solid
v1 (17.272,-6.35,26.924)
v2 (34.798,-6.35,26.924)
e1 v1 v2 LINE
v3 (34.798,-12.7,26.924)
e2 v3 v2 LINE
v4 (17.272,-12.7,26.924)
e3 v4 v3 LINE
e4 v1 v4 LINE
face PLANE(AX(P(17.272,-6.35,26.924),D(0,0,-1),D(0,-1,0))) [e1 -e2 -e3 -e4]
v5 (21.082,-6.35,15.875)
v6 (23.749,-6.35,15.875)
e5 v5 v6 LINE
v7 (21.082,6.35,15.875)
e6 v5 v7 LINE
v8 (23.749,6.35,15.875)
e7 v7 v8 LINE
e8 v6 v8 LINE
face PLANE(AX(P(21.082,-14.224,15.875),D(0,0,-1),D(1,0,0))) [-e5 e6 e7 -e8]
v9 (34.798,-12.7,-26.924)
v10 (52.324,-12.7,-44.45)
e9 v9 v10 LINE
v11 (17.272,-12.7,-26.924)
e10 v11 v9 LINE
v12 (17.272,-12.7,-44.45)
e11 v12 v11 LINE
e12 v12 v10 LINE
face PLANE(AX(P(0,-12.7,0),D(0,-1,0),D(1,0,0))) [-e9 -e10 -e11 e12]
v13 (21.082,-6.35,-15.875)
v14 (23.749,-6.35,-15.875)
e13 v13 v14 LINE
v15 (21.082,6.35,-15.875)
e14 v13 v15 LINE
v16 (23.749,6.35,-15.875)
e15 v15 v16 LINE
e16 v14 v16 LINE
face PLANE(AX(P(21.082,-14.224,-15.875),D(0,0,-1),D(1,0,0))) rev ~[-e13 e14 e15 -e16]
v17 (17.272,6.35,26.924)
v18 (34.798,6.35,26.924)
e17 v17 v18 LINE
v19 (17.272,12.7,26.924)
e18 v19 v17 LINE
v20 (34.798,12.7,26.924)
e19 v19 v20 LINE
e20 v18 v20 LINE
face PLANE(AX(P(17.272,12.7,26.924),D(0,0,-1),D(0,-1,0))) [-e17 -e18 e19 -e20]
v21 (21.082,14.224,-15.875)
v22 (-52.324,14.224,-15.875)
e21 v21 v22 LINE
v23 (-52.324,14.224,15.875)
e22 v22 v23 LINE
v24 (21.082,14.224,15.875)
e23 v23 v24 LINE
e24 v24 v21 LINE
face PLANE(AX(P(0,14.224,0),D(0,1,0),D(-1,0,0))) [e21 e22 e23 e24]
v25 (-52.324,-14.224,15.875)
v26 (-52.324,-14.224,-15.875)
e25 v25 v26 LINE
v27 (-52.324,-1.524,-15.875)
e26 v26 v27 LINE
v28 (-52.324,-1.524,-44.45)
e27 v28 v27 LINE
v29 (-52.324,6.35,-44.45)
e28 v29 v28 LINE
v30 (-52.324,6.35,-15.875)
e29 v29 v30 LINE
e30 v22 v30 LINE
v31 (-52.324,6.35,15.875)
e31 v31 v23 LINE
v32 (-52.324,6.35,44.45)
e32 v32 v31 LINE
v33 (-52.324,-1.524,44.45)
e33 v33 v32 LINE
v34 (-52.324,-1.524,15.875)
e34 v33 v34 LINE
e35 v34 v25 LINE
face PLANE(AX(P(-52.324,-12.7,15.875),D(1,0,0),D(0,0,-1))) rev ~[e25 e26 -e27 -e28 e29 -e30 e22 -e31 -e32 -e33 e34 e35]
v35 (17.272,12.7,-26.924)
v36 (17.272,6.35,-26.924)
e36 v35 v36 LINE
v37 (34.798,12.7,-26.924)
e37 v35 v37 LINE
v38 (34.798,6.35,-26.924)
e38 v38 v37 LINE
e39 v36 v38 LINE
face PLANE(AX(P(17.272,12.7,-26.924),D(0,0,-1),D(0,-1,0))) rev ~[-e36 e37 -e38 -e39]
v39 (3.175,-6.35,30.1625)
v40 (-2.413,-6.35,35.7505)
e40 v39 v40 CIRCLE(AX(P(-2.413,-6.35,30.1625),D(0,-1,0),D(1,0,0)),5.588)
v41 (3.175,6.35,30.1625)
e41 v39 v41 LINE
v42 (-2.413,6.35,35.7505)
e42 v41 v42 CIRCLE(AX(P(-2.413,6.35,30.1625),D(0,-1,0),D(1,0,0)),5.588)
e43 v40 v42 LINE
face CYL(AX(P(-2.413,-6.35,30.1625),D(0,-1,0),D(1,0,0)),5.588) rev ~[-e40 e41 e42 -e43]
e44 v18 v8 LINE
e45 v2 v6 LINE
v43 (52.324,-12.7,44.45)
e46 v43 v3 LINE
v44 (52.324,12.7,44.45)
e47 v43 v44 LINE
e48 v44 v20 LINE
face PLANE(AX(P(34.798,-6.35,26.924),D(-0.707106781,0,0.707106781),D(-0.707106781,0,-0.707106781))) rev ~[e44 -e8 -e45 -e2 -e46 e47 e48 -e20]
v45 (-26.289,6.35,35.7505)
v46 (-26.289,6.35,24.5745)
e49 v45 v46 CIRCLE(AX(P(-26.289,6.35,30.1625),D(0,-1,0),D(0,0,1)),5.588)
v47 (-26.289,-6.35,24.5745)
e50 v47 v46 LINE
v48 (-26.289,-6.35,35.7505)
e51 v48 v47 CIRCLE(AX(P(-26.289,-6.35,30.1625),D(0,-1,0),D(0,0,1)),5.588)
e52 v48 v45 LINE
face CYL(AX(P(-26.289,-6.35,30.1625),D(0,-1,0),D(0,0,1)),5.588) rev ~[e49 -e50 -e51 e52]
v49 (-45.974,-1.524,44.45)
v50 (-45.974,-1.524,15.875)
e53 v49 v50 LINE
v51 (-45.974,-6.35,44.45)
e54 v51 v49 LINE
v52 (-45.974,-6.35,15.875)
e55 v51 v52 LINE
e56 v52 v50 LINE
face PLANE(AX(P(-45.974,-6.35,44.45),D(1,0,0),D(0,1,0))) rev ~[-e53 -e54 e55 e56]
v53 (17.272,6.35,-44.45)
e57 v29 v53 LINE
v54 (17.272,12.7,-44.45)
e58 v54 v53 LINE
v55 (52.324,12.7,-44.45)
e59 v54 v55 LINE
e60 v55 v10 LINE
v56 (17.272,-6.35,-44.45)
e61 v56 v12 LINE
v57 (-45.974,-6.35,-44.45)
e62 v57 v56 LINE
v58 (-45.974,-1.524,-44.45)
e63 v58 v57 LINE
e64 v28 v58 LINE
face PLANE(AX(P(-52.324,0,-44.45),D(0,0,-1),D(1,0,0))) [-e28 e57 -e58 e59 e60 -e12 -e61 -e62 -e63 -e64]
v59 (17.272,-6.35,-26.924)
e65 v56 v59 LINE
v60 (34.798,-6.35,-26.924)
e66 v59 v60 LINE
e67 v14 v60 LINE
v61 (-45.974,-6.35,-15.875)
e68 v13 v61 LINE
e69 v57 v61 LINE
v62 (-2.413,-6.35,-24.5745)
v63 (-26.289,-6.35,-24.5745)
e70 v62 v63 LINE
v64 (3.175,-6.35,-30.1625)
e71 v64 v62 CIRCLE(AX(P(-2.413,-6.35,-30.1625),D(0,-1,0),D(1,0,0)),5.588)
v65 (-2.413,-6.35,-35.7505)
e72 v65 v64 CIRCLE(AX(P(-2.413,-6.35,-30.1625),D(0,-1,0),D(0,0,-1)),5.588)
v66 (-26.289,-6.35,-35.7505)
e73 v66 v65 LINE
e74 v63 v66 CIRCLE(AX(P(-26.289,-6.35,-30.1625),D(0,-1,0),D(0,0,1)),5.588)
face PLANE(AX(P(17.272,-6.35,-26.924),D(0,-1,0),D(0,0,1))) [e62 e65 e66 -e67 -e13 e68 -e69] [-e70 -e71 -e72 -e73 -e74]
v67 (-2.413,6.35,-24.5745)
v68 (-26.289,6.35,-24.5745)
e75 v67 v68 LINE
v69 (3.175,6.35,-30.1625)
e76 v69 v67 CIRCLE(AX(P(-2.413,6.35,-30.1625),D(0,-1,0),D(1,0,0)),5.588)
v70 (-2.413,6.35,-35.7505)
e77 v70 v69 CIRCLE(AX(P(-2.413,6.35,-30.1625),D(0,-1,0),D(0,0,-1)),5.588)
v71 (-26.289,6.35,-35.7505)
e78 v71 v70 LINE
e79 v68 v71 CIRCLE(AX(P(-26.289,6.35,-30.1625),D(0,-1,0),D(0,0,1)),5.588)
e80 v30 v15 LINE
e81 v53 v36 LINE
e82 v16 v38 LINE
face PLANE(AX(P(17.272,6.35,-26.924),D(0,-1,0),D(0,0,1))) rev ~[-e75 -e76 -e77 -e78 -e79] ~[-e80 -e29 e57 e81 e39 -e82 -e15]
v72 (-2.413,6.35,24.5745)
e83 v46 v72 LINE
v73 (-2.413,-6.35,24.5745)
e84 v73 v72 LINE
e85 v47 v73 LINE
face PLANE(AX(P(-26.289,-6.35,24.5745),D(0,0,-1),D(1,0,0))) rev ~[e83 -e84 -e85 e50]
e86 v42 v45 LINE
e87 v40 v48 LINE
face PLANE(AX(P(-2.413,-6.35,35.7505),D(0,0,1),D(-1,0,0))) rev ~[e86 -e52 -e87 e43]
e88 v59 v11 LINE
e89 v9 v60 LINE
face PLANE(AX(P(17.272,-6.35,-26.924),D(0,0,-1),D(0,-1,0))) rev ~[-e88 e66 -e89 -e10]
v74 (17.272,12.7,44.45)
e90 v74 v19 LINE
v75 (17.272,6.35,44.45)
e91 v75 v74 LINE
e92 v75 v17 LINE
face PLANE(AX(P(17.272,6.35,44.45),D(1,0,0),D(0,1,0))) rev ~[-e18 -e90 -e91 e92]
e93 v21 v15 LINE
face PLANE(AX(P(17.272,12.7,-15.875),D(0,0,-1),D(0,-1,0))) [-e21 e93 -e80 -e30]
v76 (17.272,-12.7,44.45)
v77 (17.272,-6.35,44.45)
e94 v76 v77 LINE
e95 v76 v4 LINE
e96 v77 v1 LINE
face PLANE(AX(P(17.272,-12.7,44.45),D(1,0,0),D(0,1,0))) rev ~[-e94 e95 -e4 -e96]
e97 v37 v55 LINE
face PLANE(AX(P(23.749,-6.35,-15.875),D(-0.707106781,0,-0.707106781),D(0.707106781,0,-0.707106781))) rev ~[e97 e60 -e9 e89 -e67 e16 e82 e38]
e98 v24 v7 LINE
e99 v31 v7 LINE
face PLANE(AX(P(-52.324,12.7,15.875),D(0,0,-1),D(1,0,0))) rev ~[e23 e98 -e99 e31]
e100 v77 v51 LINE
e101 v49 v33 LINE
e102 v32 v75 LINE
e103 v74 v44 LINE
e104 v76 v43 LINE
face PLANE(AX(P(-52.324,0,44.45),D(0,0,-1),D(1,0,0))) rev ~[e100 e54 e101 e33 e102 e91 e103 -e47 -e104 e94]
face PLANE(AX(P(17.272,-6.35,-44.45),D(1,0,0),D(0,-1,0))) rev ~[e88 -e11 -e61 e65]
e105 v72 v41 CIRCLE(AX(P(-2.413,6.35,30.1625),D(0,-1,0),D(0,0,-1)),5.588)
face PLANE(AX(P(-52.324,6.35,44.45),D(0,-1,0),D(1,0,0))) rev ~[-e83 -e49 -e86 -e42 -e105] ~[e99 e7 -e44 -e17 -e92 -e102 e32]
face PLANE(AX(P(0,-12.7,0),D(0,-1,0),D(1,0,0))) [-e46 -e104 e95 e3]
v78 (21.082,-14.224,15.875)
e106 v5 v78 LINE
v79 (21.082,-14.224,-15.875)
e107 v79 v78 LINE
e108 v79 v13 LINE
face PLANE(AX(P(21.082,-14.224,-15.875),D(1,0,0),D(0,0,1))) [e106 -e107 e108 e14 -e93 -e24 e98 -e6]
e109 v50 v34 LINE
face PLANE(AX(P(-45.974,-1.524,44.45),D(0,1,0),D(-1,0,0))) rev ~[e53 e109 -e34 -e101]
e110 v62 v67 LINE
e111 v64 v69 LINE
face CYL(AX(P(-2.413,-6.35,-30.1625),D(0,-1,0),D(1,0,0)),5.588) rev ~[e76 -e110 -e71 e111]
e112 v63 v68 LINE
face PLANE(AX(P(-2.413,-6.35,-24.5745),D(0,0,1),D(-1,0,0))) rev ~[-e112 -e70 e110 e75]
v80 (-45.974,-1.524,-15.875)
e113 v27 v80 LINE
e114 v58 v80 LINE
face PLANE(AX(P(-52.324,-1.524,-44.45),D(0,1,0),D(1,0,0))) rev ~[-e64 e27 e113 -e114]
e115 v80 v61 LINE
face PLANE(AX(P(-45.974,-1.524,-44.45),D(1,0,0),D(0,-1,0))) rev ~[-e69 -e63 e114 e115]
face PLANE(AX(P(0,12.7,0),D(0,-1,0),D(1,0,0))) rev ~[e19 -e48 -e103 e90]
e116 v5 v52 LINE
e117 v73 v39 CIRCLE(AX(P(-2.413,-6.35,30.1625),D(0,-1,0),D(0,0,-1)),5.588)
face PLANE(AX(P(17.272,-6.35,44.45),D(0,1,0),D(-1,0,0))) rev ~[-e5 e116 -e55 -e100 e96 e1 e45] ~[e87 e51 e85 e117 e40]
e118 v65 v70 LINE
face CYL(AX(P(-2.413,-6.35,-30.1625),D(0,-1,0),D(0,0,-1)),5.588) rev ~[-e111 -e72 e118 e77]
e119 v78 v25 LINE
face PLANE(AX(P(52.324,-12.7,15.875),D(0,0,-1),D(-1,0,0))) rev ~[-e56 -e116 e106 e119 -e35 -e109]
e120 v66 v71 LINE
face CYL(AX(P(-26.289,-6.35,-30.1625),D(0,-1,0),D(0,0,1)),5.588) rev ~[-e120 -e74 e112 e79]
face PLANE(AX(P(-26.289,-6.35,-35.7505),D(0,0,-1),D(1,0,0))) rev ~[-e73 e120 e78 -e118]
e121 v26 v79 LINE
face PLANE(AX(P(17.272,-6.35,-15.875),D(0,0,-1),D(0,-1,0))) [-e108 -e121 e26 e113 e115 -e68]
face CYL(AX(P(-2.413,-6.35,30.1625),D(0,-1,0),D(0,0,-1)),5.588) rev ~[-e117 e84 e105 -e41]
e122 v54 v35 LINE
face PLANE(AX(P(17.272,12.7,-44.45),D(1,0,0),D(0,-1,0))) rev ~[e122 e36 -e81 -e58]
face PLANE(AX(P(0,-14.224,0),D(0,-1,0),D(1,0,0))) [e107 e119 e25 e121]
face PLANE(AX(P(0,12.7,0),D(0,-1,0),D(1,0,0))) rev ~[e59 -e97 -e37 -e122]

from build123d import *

# Parameters (mm, degrees)
F0_W      = 104.648
F0_H      = 88.9
F1_DEPTH  = 12.7
F2_W      = 69.596
F2_H      = 6.35
F3_DEPTH  = 28.575
F4_W      = 69.596
F4_H      = 6.35
F5_DEPTH  = 28.575
F10_DEPTH = 1.524
F11_W     = 31.242
F11_H     = 31.75
F12_DEPTH = 28.449
F14_W     = 6.35
F14_H     = 11.049
F15_DEPTH = 35.053
F17_W     = 6.35
F17_H     = 11.049
F20_DEPTH = 35.053
F19_W     = 6.35
F19_H     = 11.049
F21_DEPTH = 35.053
F22_W     = 6.35
F22_H     = 11.049
F23_DEPTH = 35.053
F25_DEPTH = 26.925
F27_DEPTH = 20.575
F29_DEPTH = 20.575


with BuildPart() as f1:
    # F0 (on Front) → F1 (new body, symmetric)
    with BuildSketch(Plane.XZ):
        Rectangle(F0_W, F0_H)
    extrude(amount=F1_DEPTH, both=True)

    # F2 (on face) → F3 (cut)
    with BuildSketch(Plane.XY.offset(44.45)):
        with Locations((-17.526, 9.525)):
            Rectangle(F2_W, F2_H)
        Polygon((-45.974, -1.524), (-52.324, -1.524), (-52.324, -12.7), (17.272, -12.7), (17.272, -6.35), (-45.974, -6.35), align=None)
    extrude(amount=-F3_DEPTH, mode=Mode.SUBTRACT)

    # F4 (on face) → F5 (cut)
    with BuildSketch(Plane(origin=(0, 0, -44.45), x_dir=(1, 0, 0), z_dir=(0, 0, -1))):
        Polygon((-45.974, 6.35), (17.272, 6.35), (17.272, 12.7), (-52.324, 12.7), (-52.324, 1.524), (-45.974, 1.524), align=None)
        with Locations((-17.526, -9.525)):
            Rectangle(F4_W, F4_H)
    extrude(amount=-F5_DEPTH, mode=Mode.SUBTRACT)

    # F9 (on face) + F7 (on face) → F10 (join, symmetric)
    with BuildSketch(Plane(origin=(0, 12.7, 0), x_dir=(-1, 0, 0), z_dir=(0, 1, 0))):
        Polygon((52.324, 15.875), (-17.272, 15.875), (-52.324, 15.875), (-52.324, -15.875), (-17.272, -15.875), (52.324, -15.875), align=None)
    with BuildSketch(Plane.XZ.offset(12.7)):
        Polygon((52.324, -15.875), (52.324, 15.875), (17.272, 15.875), (-52.324, 15.875), (-52.324, -15.875), (17.272, -15.875), align=None)
    extrude(amount=F10_DEPTH, both=True, dir=(0, 1, 0))

    # F11 (on face) → F12 (cut, through all)
    with BuildSketch(Plane.XZ.offset(14.224)):
        with Locations((36.703, 0)):
            Rectangle(F11_W, F11_H)
    extrude(amount=-F12_DEPTH, mode=Mode.SUBTRACT)

    # F14 (on face) → F15 (cut, through all)
    with BuildSketch(Plane(origin=(17.272, 0, 0), x_dir=(0, -1, 0), z_dir=(-1, 0, 0))):
        with Locations((9.525, 21.3995)):
            Rectangle(F14_W, F14_H)
    extrude(amount=-F15_DEPTH, mode=Mode.SUBTRACT)

    # F17 (on face) → F20 (cut, through all)
    with BuildSketch(Plane(origin=(17.272, 0, 0), x_dir=(0, -1, 0), z_dir=(-1, 0, 0))):
        with Locations((-9.525, 21.3995)):
            Rectangle(F17_W, F17_H)
    extrude(amount=-F20_DEPTH, mode=Mode.SUBTRACT)

    # F19 (on face) → F21 (cut, through all)
    with BuildSketch(Plane(origin=(17.272, 0, 0), x_dir=(0, -1, 0), z_dir=(-1, 0, 0))):
        with Locations((-9.525, -21.3995)):
            Rectangle(F19_W, F19_H)
    extrude(amount=-F21_DEPTH, mode=Mode.SUBTRACT)

    # F22 (on face) → F23 (cut, through all)
    with BuildSketch(Plane(origin=(17.272, 0, 0), x_dir=(0, -1, 0), z_dir=(-1, 0, 0))):
        with Locations((9.525, -21.3995)):
            Rectangle(F22_W, F22_H)
    extrude(amount=-F23_DEPTH, mode=Mode.SUBTRACT)

    # F24 (on face) → F25 (cut, through all)
    with BuildSketch(Plane.XZ.offset(12.7)):
        Polygon((52.324, 26.924), (52.324, 44.45), (34.798, 26.924), align=None)
        Polygon((34.798, -26.924), (52.324, -44.45), (52.324, -26.924), align=None)
    extrude(amount=-F25_DEPTH, mode=Mode.SUBTRACT)

    # F26 (on face) → F27 (cut, through all)
    with BuildSketch(Plane.XZ.offset(6.35)):
        Polygon((23.749, -15.875), (34.798, -26.924), (52.324, -26.924), (52.324, -15.875), align=None)
        Polygon((52.324, 26.924), (34.798, 26.924), (23.749, 15.875), (52.324, 15.875), align=None)
    extrude(amount=-F27_DEPTH, mode=Mode.SUBTRACT)

    # F28 (on face) → F29 (cut, through all)
    with BuildSketch(Plane.XZ.offset(6.35)):
        with BuildLine():
            ThreePointArc((-26.289, -24.5745), (-22.3376873067, -26.2111873067), (-20.701, -30.1625))
            ThreePointArc((-20.701, -30.1625), (-22.3376873067, -34.1138126933), (-26.289, -35.7505))
            Line((-26.289, -35.7505), (-2.413, -35.7505))
            ThreePointArc((-2.413, -35.7505), (-8.001, -30.1625), (-2.413, -24.5745))
            Line((-2.413, -24.5745), (-26.289, -24.5745))
        make_face()
        with BuildLine():
            ThreePointArc((-26.289, -35.7505), (-22.3376873067, -34.1138126933), (-20.701, -30.1625))
            ThreePointArc((-20.701, -30.1625), (-22.3376873067, -26.2111873067), (-26.289, -24.5745))
            ThreePointArc((-26.289, -24.5745), (-31.877, -30.1625), (-26.289, -35.7505))
        make_face()
        with BuildLine():
            ThreePointArc((3.175, -30.1625), (1.5383126933, -26.2111873067), (-2.413, -24.5745))
            ThreePointArc((-2.413, -24.5745), (-8.001, -30.1625), (-2.413, -35.7505))
            ThreePointArc((-2.413, -35.7505), (1.5383126933, -34.1138126933), (3.175, -30.1625))
        make_face()
        with BuildLine():
            ThreePointArc((-26.289, 35.7505), (-22.3376873067, 34.1138126933), (-20.701, 30.1625))
            ThreePointArc((-20.701, 30.1625), (-22.3376873067, 26.2111873067), (-26.289, 24.5745))
            Line((-26.289, 24.5745), (-2.413, 24.5745))
            ThreePointArc((-2.413, 24.5745), (-8.001, 30.1625), (-2.413, 35.7505))
            Line((-2.413, 35.7505), (-26.289, 35.7505))
        make_face()
        with BuildLine():
            ThreePointArc((-26.289, 24.5745), (-22.3376873067, 26.2111873067), (-20.701, 30.1625))
            ThreePointArc((-20.701, 30.1625), (-22.3376873067, 34.1138126933), (-26.289, 35.7505))
            ThreePointArc((-26.289, 35.7505), (-31.877, 30.1625), (-26.289, 24.5745))
        make_face()
        with BuildLine():
            ThreePointArc((3.175, 30.1625), (1.5383126933, 34.1138126933), (-2.413, 35.7505))
            ThreePointArc((-2.413, 35.7505), (-8.001, 30.1625), (-2.413, 24.5745))
            ThreePointArc((-2.413, 24.5745), (1.5383126933, 26.2111873067), (3.175, 30.1625))
        make_face()
    extrude(amount=-F29_DEPTH, mode=Mode.SUBTRACT)


solid = f1.part
